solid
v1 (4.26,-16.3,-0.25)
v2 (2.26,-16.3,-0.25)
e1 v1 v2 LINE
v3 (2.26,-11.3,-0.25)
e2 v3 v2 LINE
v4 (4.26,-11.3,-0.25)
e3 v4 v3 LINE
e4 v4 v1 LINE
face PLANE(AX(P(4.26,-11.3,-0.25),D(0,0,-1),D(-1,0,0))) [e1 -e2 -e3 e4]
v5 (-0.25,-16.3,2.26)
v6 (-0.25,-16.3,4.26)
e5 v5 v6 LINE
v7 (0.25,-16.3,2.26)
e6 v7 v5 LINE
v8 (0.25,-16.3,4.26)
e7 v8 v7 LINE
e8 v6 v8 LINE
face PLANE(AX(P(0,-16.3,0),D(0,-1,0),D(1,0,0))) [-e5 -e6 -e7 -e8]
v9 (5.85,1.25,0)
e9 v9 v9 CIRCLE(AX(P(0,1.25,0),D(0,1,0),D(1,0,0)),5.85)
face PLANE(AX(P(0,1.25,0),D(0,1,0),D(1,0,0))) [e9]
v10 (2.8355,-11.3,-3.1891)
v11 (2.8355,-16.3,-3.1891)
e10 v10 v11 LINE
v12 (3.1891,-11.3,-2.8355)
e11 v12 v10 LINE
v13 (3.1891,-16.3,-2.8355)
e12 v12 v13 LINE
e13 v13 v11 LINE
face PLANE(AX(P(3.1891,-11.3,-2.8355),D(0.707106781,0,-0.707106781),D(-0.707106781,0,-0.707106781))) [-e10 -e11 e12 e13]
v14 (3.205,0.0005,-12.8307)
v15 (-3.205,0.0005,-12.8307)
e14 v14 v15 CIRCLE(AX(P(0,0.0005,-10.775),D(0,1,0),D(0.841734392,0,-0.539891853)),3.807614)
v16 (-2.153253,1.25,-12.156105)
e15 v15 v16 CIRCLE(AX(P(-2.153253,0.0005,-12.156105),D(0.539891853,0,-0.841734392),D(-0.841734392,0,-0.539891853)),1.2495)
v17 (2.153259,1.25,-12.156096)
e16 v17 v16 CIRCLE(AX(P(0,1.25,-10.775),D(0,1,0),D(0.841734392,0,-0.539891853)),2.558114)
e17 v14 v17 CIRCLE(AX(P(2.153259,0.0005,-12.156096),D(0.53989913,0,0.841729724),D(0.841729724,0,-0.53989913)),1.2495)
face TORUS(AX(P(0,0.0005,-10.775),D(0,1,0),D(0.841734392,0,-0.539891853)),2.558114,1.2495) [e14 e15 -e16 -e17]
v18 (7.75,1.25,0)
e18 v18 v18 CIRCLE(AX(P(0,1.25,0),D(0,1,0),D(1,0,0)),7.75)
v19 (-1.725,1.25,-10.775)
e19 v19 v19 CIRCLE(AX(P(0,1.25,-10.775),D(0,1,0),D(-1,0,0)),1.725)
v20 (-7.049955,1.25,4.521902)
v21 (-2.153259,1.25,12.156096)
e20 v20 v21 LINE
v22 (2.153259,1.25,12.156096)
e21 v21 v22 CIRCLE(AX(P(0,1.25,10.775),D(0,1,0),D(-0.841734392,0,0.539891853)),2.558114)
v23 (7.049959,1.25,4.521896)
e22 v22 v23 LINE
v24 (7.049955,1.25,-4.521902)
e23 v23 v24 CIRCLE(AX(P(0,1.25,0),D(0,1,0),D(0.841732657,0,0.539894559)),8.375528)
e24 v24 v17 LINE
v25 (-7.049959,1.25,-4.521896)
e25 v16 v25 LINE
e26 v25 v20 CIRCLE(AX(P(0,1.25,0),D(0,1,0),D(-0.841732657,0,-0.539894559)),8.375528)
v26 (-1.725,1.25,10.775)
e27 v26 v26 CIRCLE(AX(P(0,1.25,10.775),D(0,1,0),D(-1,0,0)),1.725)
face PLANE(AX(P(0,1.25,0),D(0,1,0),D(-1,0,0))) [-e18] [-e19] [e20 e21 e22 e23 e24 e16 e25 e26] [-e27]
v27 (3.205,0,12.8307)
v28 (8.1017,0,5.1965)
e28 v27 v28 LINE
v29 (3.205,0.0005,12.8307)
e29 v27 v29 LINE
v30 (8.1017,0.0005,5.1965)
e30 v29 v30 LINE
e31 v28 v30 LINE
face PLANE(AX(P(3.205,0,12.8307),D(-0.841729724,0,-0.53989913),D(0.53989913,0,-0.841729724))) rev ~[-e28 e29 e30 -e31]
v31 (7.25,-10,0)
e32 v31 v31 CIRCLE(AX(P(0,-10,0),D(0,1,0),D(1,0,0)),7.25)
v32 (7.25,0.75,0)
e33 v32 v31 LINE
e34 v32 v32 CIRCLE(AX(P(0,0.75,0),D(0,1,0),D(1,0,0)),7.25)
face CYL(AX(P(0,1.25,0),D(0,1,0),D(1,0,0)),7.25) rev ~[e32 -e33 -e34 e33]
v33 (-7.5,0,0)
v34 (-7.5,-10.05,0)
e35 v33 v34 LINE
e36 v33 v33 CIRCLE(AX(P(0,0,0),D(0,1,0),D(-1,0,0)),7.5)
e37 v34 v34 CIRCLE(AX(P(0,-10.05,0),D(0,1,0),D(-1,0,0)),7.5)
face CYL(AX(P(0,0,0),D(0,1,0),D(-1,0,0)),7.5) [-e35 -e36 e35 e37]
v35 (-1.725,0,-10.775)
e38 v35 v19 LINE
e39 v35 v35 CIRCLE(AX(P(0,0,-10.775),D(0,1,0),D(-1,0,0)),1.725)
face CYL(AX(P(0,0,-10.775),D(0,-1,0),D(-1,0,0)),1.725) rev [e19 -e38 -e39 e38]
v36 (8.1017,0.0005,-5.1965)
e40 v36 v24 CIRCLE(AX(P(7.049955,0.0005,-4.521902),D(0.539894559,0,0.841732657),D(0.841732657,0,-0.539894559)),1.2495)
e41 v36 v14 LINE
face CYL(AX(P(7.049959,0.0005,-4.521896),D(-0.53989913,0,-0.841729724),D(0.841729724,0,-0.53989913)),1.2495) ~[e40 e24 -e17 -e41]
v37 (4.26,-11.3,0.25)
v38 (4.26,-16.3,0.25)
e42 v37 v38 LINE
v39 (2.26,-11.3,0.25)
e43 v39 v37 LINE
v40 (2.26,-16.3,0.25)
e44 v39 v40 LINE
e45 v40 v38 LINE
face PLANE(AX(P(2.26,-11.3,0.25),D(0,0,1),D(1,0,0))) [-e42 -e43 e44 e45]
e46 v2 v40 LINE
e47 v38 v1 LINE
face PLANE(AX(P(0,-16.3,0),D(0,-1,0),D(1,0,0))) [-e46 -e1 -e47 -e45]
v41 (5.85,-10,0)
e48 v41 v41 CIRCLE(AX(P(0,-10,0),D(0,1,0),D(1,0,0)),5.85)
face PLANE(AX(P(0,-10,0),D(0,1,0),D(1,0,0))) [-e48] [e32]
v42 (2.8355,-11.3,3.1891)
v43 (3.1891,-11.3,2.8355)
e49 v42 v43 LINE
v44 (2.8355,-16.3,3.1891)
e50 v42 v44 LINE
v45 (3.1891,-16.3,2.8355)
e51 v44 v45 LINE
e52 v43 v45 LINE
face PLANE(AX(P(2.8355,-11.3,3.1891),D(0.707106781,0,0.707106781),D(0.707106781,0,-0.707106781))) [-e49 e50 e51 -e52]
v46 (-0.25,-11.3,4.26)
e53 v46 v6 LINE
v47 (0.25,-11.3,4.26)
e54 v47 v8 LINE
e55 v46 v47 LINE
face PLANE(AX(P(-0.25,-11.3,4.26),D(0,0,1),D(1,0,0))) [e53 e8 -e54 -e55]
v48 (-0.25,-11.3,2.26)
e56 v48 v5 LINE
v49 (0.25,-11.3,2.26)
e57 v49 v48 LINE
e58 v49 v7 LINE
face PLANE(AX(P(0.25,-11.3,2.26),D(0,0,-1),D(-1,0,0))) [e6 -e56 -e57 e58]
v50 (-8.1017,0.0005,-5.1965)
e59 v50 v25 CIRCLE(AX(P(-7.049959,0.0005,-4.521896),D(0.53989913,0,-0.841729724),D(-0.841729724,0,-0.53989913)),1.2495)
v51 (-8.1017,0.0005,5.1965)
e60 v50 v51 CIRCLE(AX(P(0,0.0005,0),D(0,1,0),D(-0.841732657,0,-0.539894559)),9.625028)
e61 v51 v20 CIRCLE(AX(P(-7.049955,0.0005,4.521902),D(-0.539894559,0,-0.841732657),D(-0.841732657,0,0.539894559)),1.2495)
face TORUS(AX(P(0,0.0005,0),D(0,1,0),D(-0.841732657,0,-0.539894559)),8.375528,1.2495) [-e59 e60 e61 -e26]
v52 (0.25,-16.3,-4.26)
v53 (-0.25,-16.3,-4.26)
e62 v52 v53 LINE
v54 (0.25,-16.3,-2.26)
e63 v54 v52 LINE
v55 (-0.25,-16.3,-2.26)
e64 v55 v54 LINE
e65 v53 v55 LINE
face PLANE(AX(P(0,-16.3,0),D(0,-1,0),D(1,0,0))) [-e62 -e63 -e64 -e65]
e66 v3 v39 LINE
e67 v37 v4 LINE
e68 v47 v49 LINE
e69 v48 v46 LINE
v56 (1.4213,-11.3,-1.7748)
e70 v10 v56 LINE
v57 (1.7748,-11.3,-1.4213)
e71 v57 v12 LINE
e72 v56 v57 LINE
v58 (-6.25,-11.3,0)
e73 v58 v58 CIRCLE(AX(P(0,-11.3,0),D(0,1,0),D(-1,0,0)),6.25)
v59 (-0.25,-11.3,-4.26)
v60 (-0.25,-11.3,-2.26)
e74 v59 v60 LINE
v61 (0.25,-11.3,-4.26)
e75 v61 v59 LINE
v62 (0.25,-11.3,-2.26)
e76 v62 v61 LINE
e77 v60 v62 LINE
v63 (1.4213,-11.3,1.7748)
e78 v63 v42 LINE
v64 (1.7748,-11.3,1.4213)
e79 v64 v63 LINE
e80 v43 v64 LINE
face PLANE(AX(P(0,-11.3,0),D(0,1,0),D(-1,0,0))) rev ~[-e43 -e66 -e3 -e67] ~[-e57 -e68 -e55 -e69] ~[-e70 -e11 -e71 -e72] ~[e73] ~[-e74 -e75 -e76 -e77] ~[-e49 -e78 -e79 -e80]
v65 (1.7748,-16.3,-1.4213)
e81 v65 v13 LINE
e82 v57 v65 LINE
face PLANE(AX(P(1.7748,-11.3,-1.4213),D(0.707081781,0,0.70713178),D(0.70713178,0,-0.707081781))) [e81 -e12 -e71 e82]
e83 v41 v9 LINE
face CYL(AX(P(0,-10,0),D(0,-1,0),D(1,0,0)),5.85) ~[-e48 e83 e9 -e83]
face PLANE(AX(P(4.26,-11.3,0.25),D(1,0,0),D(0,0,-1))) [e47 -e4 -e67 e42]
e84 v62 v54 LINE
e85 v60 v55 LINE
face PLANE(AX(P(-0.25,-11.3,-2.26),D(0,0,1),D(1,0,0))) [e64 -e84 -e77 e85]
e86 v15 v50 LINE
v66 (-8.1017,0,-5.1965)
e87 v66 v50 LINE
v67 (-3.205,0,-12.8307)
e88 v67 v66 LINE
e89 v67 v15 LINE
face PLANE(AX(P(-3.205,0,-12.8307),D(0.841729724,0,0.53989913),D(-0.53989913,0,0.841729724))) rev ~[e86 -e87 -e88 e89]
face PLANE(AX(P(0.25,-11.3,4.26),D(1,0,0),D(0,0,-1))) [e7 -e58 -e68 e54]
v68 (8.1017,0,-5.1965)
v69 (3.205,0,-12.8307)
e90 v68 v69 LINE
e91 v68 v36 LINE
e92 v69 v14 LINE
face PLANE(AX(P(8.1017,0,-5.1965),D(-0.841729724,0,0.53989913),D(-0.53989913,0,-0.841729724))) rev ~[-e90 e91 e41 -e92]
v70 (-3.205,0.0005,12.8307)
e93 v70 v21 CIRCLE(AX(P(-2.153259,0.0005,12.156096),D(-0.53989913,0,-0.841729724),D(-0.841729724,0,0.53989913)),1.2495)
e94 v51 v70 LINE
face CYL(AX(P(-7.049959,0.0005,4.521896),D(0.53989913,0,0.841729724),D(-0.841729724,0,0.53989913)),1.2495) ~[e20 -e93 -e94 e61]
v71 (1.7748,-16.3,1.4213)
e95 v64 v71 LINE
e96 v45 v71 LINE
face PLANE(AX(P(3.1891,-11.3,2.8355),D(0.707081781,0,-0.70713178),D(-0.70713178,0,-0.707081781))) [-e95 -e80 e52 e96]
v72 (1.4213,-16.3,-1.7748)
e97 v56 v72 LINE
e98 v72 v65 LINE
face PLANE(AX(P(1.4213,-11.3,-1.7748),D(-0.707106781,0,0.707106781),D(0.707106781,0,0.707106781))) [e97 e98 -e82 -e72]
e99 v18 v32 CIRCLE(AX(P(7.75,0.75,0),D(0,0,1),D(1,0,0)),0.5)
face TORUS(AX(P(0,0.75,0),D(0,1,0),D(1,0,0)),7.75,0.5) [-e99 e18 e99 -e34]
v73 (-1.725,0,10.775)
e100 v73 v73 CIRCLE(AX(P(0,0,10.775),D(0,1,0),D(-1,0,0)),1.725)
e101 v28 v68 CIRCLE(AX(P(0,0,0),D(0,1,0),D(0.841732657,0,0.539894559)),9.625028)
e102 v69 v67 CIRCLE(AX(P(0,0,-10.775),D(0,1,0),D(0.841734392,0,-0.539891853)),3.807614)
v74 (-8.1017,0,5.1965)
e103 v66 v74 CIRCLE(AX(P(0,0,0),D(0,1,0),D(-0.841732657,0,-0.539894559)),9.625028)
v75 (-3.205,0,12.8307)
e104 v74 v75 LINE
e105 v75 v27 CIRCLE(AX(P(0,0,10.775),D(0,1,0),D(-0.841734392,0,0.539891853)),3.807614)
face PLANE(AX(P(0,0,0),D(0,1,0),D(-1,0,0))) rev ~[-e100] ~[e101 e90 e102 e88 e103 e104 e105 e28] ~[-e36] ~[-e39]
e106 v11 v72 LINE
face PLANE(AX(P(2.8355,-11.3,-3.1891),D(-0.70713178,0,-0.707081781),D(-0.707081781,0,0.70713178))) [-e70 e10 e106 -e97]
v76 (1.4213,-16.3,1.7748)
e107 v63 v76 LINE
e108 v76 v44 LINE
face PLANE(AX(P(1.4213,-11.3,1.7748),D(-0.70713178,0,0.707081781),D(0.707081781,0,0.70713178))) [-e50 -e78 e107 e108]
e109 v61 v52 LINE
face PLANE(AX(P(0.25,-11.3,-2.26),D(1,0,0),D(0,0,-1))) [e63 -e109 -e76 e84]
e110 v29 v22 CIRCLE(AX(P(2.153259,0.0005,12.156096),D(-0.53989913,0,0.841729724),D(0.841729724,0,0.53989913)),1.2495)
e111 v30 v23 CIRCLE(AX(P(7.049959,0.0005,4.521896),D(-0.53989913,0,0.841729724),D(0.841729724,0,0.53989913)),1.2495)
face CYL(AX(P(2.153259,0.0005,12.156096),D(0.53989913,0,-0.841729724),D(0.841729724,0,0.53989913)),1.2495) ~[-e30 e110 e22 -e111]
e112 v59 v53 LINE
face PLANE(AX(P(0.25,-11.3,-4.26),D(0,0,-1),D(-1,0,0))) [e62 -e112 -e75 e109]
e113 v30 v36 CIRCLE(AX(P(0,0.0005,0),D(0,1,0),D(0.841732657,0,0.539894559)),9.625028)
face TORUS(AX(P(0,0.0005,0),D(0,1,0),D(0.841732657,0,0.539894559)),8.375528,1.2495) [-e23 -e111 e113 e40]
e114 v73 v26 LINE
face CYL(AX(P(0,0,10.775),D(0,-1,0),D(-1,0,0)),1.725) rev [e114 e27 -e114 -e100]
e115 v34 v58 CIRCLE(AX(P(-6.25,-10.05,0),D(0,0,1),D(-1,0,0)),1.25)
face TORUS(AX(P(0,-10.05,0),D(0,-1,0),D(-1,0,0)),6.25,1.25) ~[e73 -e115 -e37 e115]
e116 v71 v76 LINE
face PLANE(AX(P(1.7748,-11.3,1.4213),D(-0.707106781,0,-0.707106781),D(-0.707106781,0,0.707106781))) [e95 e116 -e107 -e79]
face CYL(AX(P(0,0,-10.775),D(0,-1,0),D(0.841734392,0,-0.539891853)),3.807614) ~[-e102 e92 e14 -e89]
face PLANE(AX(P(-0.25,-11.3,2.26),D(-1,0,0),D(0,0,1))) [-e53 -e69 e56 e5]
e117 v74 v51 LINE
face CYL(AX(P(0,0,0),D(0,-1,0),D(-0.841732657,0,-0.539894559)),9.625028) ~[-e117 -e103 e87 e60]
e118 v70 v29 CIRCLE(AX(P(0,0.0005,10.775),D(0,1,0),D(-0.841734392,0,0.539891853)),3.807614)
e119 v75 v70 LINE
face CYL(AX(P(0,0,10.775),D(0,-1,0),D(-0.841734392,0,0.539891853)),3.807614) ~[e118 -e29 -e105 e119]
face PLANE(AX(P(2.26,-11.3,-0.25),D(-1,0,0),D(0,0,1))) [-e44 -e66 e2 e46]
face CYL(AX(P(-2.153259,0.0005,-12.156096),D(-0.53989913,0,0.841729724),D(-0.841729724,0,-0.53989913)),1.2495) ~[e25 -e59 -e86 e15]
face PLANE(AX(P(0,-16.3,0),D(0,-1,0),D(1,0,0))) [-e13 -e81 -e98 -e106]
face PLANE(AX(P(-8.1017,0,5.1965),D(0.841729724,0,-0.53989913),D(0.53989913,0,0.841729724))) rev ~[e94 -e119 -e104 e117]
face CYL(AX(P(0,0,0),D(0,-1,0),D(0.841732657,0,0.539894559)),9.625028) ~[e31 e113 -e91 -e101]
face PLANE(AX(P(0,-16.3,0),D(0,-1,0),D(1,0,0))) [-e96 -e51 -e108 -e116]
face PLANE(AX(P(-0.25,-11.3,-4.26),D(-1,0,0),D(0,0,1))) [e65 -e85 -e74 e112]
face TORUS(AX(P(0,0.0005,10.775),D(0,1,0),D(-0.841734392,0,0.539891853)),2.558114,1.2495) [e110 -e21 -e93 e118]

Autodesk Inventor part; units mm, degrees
ref_plane "YZ Plane" through (0, 0, 0) normal (1, 0, 0) x (0, 1, 0)
ref_plane "XZ Plane" through (0, 0, 0) normal (0, 1, 0) x (-1, 0, 0)
ref_plane "XY Plane" through (0, 0, 0) normal (0, 0, 1) x (1, 0, 0)
sketch "Sketch1" plane through (0, 0, 0) normal (0, 1, 0) x (-1, 0, 0)
  circle A0 centre (0, 0) radius 7.5
  circle A1 centre (0, -10.775) radius 1.725
  circle A2 centre (0, 10.775) radius 1.725
  line L0 (8.1017, 5.1965) -> (3.205, 12.8307)
  line L1 (-3.205, 12.8307) -> (-8.1017, 5.1965)
  line L2 (-8.1017, -5.1965) -> (-3.205, -12.8307)
  line L3 (3.205, -12.8307) -> (8.1017, -5.1965)
  line L4 (0, -20) -> (0, 18) construction
  arc A3 (-3.205, -12.8307) -> (3.205, -12.8307) centre (0, -10.775) ccw
  arc A4 (8.1017, -5.1965) -> (8.1017, 5.1965) centre (0, 0) ccw
  arc A5 (-8.1017, 5.1965) -> (-8.1017, -5.1965) centre (0, 0) ccw
  arc A6 (3.205, 12.8307) -> (-3.205, 12.8307) centre (0, 10.775) ccw
  dimension "d0" = 15
  dimension "d2" = 3.45
  dimension "d4" = 10.775
  dimension "d8" = 3.45
  dimension "d9" = 10.775
  dimension "d34" = 9.625
  dimension "d35" = 9.625
extrude "Extrusion1" add sketch "Sketch1" along normal blind 1.25 contours A0 | A4 L3 A3 L2 A5 L1 A6 L0
fillet "Fillet1" radius 1.25 8 edges at (5.6534, 1.25, 9.0136) (9.625, 1.25, 0) (5.6534, 1.25, -9.0136) (0, 1.25, -14.5826) (-5.6534, 1.25, -9.0136) (-9.625, 1.25, 0) (-5.6534, 1.25, 9.0136) (0, 1.25, 14.5826)
extrude "Extrusion2" add sketch "Sketch1" against normal blind 11.3 contours A0
fillet "Fillet2" radius 1.25 1 edges at (7.5, -11.3, 0)
sketch "Sketch2" plane through (0, -11.3, 0) normal (0, -1, 0) x (1, 0, 0)
  circle A0 centre (0, 0) radius 3.26 construction
  line L0 (-0.25, -2.26) -> (0.25, -2.26)
  line L1 (0.25, -2.26) -> (0.25, -4.26)
  line L2 (0.25, -4.26) -> (-0.25, -4.26)
  line L3 (-0.25, -4.26) -> (-0.25, -2.26)
  line L4 (-0.25, -2.26) -> (0.25, -4.26) construction
  line L5 (0.25, -2.26) -> (-0.25, -4.26) construction
  circle A1 centre (0, 0) radius 3.26 construction
  line L6 (1.4213, -1.7748) -> (1.7748, -1.4213)
  line L7 (1.7748, -1.4213) -> (3.1891, -2.8355)
  line L8 (3.1891, -2.8355) -> (2.8355, -3.1891)
  line L9 (2.8355, -3.1891) -> (1.4213, -1.7748)
  line L10 (1.4213, -1.7748) -> (3.1891, -2.8355) construction
  line L11 (1.7748, -1.4213) -> (2.8355, -3.1891) construction
  circle A2 centre (0, 0) radius 3.26 construction
  line L12 (2.26, -0.25) -> (2.26, 0.25)
  line L13 (2.26, 0.25) -> (4.26, 0.25)
  line L14 (4.26, 0.25) -> (4.26, -0.25)
  line L15 (4.26, -0.25) -> (2.26, -0.25)
  line L16 (2.26, -0.25) -> (4.26, 0.25) construction
  line L17 (2.26, 0.25) -> (4.26, -0.25) construction
  circle A3 centre (0, 0) radius 3.26 construction
  line L18 (1.7748, 1.4213) -> (1.4213, 1.7748)
  line L19 (1.4213, 1.7748) -> (2.8355, 3.1891)
  line L20 (2.8355, 3.1891) -> (3.1891, 2.8355)
  line L21 (3.1891, 2.8355) -> (1.7748, 1.4213)
  line L22 (1.7748, 1.4213) -> (2.8355, 3.1891) construction
  line L23 (1.4213, 1.7748) -> (3.1891, 2.8355) construction
  circle A4 centre (0, 0) radius 3.26 construction
  line L24 (0.25, 2.26) -> (-0.25, 2.26)
  line L25 (-0.25, 2.26) -> (-0.25, 4.26)
  line L26 (-0.25, 4.26) -> (0.25, 4.26)
  line L27 (0.25, 4.26) -> (0.25, 2.26)
  line L28 (0.25, 2.26) -> (-0.25, 4.26) construction
  line L29 (-0.25, 2.26) -> (0.25, 4.26) construction
  point P0 (0, -3.26)
  point P1 (2.3052, -2.3052)
  point P2 (3.26, 0)
  point P3 (2.3052, 2.3052)
  point P4 (0, 3.26)
  dimension "d16" = 6.52
  dimension "d19" = 0.5
  dimension "d20" = 2
  dimension "d23" = 180
extrude "Extrusion3" add sketch "Sketch2" along normal blind 5
sketch "Sketch3" plane through (0, 1.25, 0) normal (0, 1, 0) x (1, 0, 0)
  arc A0 (-7.0495, 4.5216) -> (-7.0495, -4.5216) centre (0, 0) ccw projected
  circle A1 centre (0, 0) radius 7.25
  dimension "d27" = 14.5
extrude "Extrusion4" cut sketch "Sketch3" against normal blind 11.25
sketch "Sketch4" plane through (0, -10, 0) normal (0, 1, 0) x (1, 0, 0)
  circle A0 centre (0, 0) radius 5.85
  dimension "d30" = 11.7
extrude "Extrusion5" add sketch "Sketch4" along normal up to surface (11.25 mm away)
fillet "Fillet3" radius 0.5 1 edges at (-7.25, 1.25, 0)
equation "\"d8\" = d2"
equation "\"d9\" = d4"
equation "\"d35\" = d34"
equation "\"d12\" = d10"
equation "\"d15\" = d10"
equation "\"d10\" = 1.25"
properties part number "midi_gniazdo"
